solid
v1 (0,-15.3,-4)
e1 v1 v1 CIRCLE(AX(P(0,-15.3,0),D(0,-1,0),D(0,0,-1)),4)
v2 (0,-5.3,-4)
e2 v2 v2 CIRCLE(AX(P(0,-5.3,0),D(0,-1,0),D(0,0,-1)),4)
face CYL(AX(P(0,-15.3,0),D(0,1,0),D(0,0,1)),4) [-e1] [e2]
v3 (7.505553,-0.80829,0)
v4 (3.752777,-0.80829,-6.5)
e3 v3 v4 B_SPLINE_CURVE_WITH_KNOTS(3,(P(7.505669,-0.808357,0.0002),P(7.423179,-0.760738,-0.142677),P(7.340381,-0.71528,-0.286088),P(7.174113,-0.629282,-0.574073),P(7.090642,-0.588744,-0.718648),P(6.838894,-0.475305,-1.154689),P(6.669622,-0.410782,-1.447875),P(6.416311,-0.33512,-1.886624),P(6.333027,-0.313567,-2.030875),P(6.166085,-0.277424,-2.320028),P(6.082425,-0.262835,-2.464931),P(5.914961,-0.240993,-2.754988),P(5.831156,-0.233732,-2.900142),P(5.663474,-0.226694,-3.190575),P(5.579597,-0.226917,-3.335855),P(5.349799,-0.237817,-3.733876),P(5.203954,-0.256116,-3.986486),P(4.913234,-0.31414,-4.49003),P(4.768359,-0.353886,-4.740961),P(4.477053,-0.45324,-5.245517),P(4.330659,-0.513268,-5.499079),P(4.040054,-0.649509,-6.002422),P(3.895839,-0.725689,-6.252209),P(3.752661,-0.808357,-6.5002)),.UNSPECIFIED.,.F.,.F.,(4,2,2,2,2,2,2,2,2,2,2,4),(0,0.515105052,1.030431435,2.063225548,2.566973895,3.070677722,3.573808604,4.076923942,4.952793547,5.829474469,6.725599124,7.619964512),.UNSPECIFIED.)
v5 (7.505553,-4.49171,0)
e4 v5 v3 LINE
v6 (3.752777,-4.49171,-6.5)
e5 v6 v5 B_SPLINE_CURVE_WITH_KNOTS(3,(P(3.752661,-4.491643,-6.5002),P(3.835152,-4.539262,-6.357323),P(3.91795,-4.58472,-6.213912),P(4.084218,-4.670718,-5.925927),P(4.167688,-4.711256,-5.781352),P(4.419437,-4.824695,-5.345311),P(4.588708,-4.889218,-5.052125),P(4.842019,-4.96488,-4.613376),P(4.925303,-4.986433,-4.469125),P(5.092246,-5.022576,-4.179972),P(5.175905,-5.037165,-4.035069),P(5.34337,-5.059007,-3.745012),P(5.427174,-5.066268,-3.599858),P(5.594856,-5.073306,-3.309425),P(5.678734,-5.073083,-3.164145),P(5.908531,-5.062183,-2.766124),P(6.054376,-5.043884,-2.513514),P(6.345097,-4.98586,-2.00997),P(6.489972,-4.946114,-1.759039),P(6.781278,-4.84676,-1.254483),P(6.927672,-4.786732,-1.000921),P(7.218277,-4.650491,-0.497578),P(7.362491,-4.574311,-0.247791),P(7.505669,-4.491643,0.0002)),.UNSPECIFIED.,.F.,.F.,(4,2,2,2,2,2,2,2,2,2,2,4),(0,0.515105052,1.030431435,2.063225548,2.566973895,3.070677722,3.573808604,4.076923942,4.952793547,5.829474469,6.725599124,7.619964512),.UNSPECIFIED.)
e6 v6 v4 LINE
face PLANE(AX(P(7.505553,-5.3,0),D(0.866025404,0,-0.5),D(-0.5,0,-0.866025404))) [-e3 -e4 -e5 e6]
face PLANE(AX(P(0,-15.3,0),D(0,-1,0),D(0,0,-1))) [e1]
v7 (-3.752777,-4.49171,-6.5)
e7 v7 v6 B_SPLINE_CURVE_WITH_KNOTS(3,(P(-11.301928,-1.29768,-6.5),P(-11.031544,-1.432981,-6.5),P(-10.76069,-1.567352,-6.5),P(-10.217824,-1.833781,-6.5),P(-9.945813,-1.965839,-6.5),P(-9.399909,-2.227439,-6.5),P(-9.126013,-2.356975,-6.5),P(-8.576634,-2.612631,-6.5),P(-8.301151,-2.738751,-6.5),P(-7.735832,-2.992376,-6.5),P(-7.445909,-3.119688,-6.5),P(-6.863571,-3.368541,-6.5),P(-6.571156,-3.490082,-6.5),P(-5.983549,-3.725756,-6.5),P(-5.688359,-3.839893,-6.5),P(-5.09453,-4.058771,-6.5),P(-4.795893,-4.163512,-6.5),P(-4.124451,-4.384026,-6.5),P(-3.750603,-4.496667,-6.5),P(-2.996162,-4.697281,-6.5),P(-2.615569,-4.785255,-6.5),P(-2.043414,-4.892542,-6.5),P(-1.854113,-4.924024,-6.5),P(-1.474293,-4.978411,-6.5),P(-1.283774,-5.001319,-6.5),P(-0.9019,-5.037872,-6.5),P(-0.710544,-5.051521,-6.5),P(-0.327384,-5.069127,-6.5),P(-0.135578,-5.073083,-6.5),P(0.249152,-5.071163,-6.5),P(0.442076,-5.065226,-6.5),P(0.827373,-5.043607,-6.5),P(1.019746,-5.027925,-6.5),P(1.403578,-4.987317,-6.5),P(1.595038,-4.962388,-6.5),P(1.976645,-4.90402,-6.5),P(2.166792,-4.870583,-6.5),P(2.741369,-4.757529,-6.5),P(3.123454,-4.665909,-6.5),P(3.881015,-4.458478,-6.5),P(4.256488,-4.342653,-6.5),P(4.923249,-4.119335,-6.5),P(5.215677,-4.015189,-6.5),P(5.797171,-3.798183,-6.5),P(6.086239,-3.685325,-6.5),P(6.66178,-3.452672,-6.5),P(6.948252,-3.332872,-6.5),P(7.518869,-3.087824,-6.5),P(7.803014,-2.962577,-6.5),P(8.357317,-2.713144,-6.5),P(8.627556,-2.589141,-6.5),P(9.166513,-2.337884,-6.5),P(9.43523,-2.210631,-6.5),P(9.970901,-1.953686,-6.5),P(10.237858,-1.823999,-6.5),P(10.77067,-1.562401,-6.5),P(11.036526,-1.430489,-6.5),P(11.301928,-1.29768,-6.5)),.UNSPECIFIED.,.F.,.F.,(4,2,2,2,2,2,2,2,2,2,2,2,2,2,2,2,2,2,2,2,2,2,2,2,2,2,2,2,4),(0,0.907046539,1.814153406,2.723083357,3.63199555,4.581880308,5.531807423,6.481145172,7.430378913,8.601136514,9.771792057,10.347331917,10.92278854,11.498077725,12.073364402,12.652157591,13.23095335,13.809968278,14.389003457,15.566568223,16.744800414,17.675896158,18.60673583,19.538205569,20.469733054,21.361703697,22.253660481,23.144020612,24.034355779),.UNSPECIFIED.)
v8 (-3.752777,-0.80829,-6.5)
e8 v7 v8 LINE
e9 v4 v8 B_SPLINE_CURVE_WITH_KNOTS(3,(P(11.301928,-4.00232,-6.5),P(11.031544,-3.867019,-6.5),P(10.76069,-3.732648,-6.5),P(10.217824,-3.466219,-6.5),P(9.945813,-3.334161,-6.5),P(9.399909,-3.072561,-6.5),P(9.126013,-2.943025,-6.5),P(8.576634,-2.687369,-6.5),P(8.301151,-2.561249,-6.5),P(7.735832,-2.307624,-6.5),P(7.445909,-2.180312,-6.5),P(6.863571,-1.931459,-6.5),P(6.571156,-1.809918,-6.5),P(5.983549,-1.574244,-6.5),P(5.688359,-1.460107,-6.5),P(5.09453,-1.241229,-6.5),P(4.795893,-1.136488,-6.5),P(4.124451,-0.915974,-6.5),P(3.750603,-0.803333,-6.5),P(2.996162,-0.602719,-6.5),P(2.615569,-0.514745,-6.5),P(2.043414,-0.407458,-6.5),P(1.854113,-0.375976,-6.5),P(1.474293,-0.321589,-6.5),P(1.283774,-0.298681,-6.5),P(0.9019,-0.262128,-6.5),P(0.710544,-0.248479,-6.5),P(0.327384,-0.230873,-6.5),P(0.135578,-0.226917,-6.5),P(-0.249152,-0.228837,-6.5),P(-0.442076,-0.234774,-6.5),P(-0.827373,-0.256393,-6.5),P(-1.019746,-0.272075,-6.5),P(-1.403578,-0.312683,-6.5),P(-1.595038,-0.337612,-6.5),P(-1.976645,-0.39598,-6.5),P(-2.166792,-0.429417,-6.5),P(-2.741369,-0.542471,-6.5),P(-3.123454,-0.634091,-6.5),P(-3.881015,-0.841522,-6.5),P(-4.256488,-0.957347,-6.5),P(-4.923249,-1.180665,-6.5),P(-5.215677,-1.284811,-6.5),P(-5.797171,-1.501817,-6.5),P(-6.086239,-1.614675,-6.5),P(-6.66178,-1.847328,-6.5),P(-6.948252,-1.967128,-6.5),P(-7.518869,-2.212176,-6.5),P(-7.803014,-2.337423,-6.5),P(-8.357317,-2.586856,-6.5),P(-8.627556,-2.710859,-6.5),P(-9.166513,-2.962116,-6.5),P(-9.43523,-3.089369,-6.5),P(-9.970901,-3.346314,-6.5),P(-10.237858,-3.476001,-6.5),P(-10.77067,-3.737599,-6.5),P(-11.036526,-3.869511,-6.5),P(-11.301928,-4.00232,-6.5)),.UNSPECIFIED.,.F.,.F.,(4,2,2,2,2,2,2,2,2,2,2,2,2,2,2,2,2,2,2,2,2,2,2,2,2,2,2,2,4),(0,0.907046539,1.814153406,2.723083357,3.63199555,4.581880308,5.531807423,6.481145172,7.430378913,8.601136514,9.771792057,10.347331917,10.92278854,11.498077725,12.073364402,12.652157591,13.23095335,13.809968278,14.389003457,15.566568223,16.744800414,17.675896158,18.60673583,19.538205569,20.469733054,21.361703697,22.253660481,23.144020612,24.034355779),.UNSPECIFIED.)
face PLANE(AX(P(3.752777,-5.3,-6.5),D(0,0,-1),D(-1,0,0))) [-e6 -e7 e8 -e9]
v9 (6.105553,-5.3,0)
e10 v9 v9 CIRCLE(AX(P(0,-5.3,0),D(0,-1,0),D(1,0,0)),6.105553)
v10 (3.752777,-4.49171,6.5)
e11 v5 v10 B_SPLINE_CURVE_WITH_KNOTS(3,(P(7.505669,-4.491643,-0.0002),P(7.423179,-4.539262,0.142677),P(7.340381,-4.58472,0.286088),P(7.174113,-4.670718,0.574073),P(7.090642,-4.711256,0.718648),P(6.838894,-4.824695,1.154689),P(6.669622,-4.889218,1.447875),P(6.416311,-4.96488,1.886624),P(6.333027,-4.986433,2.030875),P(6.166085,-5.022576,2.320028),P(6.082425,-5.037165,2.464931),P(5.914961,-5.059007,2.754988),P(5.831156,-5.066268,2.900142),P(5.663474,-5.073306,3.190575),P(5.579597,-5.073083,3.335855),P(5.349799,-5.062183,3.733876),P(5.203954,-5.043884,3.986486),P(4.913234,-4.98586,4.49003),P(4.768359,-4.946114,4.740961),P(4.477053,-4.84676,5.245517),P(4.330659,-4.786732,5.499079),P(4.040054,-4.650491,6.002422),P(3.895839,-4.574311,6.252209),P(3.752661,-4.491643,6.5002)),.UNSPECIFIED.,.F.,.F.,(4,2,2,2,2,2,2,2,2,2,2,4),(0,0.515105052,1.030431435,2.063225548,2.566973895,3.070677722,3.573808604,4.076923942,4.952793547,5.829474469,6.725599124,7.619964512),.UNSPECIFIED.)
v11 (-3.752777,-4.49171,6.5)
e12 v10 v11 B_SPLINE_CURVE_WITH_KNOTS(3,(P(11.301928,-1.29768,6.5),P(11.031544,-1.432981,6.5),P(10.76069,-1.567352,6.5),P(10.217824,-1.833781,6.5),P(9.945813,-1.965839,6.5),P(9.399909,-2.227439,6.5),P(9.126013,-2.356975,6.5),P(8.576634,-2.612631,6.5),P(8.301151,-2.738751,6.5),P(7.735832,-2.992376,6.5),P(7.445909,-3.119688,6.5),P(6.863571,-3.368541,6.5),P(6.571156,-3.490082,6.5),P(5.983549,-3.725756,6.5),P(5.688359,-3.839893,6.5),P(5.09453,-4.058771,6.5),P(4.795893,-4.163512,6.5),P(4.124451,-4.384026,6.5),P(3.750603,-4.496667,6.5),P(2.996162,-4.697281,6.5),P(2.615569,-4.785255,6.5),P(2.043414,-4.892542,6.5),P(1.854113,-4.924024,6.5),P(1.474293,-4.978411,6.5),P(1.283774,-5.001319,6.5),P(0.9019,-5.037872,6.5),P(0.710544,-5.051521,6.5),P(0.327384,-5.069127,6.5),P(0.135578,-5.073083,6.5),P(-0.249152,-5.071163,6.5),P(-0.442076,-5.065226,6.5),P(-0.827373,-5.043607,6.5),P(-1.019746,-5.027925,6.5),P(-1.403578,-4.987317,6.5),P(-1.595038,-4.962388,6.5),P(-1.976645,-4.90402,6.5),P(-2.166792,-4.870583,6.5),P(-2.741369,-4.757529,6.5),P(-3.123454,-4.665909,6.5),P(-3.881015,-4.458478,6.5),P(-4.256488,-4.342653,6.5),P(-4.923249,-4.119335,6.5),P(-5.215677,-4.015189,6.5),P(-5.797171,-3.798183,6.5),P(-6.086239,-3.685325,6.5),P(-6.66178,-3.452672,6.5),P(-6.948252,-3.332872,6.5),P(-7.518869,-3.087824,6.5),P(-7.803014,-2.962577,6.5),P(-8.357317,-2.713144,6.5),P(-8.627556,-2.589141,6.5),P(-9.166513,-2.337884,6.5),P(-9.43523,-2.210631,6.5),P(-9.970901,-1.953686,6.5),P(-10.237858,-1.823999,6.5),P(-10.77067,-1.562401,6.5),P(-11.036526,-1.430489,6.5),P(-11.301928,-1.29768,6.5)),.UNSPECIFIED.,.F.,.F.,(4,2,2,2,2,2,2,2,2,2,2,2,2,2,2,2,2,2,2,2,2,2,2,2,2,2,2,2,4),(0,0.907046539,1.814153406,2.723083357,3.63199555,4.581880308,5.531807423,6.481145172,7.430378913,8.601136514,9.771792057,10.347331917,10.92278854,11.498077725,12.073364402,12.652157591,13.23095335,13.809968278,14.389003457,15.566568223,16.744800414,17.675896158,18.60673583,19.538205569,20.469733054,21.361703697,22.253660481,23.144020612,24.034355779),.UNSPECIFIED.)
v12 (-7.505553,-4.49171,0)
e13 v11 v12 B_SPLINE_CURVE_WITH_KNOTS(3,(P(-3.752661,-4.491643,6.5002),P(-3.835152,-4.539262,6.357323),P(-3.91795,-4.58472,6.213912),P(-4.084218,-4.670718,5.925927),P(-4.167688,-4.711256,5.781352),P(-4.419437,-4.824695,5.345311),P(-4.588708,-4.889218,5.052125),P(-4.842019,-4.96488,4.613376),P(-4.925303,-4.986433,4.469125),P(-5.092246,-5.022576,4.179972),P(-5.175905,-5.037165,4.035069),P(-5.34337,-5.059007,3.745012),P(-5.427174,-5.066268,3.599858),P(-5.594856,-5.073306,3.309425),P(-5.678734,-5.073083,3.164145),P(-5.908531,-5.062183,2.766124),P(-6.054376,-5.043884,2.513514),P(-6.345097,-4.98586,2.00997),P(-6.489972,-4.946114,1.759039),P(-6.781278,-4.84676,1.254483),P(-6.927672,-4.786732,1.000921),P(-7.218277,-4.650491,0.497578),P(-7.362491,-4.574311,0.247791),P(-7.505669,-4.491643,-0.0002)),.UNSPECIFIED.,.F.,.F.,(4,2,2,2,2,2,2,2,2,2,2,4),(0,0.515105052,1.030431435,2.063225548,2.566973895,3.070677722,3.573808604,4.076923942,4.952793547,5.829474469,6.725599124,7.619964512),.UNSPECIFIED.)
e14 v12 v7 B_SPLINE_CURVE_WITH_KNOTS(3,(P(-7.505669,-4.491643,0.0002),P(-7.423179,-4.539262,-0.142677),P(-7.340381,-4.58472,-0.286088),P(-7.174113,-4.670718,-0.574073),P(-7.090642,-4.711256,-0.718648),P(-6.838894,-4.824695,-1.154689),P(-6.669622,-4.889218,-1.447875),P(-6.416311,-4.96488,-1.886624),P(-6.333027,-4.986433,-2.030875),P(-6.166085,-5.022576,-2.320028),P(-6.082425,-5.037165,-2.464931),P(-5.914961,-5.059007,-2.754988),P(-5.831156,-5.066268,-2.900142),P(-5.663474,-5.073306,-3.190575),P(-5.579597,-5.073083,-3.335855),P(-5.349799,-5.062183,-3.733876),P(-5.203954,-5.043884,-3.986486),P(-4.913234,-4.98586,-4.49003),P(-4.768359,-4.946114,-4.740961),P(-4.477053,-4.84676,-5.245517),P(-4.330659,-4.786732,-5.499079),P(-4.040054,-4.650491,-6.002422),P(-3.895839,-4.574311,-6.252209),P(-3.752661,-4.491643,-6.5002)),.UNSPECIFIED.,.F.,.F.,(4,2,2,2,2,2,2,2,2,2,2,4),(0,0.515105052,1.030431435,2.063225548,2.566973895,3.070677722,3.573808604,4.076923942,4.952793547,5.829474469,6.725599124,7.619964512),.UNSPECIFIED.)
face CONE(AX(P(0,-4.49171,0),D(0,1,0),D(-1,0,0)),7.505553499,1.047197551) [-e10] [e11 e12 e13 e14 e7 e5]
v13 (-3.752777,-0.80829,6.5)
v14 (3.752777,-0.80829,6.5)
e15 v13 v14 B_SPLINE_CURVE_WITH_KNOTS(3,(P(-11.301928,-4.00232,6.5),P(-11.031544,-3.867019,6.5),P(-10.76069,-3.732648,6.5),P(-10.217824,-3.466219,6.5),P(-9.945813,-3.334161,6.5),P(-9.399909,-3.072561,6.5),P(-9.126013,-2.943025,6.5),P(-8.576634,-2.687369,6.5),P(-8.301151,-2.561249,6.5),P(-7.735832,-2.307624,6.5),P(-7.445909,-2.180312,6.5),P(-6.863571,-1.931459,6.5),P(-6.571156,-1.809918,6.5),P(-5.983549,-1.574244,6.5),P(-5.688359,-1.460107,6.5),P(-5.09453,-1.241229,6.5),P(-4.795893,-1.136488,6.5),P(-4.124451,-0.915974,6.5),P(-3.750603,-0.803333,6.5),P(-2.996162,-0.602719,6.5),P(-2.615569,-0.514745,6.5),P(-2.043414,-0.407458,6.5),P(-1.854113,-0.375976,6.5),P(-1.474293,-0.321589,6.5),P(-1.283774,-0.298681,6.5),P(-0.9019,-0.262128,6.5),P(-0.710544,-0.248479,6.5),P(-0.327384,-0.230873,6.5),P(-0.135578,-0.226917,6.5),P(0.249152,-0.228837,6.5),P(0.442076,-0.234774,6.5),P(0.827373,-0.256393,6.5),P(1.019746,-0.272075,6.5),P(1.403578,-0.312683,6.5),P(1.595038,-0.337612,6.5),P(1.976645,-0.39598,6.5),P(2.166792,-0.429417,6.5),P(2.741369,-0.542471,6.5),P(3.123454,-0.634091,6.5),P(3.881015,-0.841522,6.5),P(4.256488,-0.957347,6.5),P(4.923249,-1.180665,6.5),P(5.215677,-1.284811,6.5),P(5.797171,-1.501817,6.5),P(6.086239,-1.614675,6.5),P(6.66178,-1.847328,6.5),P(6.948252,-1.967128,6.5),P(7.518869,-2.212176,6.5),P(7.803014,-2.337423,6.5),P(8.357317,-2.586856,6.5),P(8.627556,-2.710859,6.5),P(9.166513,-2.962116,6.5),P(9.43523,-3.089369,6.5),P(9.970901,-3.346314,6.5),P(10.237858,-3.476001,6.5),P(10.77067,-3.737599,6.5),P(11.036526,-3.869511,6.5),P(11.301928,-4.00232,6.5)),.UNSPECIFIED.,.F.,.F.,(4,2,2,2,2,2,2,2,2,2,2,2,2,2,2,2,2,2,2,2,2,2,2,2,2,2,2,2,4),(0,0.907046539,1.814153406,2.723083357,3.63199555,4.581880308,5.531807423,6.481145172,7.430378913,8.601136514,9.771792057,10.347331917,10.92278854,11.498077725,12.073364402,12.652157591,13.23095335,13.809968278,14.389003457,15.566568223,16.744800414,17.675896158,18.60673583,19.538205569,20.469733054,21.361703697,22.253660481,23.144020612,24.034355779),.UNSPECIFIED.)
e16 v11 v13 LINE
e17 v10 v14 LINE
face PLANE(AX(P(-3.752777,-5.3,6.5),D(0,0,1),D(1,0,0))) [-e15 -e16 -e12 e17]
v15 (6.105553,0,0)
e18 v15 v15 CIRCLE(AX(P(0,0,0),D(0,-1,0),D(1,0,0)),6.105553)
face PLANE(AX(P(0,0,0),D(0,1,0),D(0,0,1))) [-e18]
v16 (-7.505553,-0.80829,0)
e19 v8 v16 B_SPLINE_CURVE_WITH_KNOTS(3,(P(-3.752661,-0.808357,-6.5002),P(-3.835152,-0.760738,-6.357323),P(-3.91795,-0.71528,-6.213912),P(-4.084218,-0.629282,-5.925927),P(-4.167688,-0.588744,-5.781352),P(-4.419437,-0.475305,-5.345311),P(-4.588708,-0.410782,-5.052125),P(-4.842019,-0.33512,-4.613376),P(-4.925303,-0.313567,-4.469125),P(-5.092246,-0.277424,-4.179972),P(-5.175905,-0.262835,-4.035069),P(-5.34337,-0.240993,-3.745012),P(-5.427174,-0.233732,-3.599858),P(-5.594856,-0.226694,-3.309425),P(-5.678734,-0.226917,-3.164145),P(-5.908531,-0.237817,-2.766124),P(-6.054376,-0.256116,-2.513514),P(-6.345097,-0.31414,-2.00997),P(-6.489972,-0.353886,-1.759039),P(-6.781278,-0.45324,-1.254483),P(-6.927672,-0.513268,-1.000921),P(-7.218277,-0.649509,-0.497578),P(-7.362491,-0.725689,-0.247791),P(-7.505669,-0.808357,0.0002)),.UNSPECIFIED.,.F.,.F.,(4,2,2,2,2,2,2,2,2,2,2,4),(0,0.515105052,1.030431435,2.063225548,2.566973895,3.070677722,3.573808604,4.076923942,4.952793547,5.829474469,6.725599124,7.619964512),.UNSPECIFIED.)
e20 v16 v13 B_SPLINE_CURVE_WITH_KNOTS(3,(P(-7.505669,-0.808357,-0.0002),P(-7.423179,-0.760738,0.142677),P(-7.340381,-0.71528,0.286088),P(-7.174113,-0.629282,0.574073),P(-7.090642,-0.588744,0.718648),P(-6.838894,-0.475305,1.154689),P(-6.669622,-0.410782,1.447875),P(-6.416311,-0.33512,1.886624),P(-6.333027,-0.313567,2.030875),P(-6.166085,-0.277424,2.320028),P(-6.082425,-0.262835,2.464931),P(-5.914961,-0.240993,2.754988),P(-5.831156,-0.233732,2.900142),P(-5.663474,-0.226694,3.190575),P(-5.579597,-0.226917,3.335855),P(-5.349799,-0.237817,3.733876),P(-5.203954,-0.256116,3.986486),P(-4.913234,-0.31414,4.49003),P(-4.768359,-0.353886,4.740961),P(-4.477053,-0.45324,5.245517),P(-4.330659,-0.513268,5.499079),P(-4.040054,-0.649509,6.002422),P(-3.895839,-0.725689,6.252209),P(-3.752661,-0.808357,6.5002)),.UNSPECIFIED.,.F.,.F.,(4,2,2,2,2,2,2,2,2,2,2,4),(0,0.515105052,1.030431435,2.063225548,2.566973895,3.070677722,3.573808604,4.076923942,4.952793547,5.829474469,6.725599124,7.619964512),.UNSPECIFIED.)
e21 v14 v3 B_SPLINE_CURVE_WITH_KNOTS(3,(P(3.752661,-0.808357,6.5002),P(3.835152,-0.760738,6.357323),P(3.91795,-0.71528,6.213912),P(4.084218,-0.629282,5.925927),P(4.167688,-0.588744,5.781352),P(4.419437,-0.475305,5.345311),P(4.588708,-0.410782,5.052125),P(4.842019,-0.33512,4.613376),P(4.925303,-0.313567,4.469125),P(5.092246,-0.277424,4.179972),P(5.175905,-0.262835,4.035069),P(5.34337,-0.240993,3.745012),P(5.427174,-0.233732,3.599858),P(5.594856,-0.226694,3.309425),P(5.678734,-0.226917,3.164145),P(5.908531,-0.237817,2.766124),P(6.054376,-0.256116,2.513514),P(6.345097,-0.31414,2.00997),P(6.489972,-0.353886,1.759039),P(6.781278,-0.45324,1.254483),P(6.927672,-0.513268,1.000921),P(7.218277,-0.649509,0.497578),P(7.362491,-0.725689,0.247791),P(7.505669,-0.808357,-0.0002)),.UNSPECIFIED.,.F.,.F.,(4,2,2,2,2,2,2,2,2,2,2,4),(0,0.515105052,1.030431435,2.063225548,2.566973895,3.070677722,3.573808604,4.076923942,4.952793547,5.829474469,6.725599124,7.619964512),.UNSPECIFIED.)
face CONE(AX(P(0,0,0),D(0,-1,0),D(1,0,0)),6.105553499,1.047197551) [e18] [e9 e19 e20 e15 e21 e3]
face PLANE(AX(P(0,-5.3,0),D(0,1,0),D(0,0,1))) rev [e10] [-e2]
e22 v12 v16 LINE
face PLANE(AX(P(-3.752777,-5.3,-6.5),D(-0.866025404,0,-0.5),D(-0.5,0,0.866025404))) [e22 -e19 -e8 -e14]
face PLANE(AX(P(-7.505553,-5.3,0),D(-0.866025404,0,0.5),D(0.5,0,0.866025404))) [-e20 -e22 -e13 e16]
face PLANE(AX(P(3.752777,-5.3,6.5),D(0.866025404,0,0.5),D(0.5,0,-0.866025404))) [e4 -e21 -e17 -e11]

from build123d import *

# Parameters (mm, degrees)
EXTRUDE1_DEPTH = 5.3
SKETCH2_R      = 4
EXTRUDE2_DEPTH = 10


with BuildPart() as part:
    # Sketch1 → Extrude1 (new body)
    with BuildSketch(Plane(origin=(0, 0, 0), x_dir=(1, 0, 0), z_dir=(0, 1, 0))):
        Polygon((7.505553499, 0), (3.75277675, 6.5), (-3.75277675, 6.5), (-7.505553499, 0), (-3.75277675, -6.5), (3.75277675, -6.5), align=None)
    extrude(amount=-EXTRUDE1_DEPTH)

    # Sketch2 → Extrude2 (add)
    with BuildSketch(Plane.XZ.offset(5.3)):
        with Locations(Location((0, 0, 0), (0, 0, 270))):
            Circle(SKETCH2_R)
    extrude(amount=EXTRUDE2_DEPTH)

    # Sketch3 → Cut-Revolve1 (revolve, cut)
    with BuildSketch(Plane.XY):
        Polygon((6.105553499, 0), (7.505553499, 0), (7.505553499, -0.808290377), align=None)
        Polygon((7.505553499, -5.3), (7.505553499, -4.491709623), (6.105553499, -5.3), align=None)
    revolve(axis=Axis((0, -1000, 0), (0, 1, 0)), mode=Mode.SUBTRACT)


solid = part.part
